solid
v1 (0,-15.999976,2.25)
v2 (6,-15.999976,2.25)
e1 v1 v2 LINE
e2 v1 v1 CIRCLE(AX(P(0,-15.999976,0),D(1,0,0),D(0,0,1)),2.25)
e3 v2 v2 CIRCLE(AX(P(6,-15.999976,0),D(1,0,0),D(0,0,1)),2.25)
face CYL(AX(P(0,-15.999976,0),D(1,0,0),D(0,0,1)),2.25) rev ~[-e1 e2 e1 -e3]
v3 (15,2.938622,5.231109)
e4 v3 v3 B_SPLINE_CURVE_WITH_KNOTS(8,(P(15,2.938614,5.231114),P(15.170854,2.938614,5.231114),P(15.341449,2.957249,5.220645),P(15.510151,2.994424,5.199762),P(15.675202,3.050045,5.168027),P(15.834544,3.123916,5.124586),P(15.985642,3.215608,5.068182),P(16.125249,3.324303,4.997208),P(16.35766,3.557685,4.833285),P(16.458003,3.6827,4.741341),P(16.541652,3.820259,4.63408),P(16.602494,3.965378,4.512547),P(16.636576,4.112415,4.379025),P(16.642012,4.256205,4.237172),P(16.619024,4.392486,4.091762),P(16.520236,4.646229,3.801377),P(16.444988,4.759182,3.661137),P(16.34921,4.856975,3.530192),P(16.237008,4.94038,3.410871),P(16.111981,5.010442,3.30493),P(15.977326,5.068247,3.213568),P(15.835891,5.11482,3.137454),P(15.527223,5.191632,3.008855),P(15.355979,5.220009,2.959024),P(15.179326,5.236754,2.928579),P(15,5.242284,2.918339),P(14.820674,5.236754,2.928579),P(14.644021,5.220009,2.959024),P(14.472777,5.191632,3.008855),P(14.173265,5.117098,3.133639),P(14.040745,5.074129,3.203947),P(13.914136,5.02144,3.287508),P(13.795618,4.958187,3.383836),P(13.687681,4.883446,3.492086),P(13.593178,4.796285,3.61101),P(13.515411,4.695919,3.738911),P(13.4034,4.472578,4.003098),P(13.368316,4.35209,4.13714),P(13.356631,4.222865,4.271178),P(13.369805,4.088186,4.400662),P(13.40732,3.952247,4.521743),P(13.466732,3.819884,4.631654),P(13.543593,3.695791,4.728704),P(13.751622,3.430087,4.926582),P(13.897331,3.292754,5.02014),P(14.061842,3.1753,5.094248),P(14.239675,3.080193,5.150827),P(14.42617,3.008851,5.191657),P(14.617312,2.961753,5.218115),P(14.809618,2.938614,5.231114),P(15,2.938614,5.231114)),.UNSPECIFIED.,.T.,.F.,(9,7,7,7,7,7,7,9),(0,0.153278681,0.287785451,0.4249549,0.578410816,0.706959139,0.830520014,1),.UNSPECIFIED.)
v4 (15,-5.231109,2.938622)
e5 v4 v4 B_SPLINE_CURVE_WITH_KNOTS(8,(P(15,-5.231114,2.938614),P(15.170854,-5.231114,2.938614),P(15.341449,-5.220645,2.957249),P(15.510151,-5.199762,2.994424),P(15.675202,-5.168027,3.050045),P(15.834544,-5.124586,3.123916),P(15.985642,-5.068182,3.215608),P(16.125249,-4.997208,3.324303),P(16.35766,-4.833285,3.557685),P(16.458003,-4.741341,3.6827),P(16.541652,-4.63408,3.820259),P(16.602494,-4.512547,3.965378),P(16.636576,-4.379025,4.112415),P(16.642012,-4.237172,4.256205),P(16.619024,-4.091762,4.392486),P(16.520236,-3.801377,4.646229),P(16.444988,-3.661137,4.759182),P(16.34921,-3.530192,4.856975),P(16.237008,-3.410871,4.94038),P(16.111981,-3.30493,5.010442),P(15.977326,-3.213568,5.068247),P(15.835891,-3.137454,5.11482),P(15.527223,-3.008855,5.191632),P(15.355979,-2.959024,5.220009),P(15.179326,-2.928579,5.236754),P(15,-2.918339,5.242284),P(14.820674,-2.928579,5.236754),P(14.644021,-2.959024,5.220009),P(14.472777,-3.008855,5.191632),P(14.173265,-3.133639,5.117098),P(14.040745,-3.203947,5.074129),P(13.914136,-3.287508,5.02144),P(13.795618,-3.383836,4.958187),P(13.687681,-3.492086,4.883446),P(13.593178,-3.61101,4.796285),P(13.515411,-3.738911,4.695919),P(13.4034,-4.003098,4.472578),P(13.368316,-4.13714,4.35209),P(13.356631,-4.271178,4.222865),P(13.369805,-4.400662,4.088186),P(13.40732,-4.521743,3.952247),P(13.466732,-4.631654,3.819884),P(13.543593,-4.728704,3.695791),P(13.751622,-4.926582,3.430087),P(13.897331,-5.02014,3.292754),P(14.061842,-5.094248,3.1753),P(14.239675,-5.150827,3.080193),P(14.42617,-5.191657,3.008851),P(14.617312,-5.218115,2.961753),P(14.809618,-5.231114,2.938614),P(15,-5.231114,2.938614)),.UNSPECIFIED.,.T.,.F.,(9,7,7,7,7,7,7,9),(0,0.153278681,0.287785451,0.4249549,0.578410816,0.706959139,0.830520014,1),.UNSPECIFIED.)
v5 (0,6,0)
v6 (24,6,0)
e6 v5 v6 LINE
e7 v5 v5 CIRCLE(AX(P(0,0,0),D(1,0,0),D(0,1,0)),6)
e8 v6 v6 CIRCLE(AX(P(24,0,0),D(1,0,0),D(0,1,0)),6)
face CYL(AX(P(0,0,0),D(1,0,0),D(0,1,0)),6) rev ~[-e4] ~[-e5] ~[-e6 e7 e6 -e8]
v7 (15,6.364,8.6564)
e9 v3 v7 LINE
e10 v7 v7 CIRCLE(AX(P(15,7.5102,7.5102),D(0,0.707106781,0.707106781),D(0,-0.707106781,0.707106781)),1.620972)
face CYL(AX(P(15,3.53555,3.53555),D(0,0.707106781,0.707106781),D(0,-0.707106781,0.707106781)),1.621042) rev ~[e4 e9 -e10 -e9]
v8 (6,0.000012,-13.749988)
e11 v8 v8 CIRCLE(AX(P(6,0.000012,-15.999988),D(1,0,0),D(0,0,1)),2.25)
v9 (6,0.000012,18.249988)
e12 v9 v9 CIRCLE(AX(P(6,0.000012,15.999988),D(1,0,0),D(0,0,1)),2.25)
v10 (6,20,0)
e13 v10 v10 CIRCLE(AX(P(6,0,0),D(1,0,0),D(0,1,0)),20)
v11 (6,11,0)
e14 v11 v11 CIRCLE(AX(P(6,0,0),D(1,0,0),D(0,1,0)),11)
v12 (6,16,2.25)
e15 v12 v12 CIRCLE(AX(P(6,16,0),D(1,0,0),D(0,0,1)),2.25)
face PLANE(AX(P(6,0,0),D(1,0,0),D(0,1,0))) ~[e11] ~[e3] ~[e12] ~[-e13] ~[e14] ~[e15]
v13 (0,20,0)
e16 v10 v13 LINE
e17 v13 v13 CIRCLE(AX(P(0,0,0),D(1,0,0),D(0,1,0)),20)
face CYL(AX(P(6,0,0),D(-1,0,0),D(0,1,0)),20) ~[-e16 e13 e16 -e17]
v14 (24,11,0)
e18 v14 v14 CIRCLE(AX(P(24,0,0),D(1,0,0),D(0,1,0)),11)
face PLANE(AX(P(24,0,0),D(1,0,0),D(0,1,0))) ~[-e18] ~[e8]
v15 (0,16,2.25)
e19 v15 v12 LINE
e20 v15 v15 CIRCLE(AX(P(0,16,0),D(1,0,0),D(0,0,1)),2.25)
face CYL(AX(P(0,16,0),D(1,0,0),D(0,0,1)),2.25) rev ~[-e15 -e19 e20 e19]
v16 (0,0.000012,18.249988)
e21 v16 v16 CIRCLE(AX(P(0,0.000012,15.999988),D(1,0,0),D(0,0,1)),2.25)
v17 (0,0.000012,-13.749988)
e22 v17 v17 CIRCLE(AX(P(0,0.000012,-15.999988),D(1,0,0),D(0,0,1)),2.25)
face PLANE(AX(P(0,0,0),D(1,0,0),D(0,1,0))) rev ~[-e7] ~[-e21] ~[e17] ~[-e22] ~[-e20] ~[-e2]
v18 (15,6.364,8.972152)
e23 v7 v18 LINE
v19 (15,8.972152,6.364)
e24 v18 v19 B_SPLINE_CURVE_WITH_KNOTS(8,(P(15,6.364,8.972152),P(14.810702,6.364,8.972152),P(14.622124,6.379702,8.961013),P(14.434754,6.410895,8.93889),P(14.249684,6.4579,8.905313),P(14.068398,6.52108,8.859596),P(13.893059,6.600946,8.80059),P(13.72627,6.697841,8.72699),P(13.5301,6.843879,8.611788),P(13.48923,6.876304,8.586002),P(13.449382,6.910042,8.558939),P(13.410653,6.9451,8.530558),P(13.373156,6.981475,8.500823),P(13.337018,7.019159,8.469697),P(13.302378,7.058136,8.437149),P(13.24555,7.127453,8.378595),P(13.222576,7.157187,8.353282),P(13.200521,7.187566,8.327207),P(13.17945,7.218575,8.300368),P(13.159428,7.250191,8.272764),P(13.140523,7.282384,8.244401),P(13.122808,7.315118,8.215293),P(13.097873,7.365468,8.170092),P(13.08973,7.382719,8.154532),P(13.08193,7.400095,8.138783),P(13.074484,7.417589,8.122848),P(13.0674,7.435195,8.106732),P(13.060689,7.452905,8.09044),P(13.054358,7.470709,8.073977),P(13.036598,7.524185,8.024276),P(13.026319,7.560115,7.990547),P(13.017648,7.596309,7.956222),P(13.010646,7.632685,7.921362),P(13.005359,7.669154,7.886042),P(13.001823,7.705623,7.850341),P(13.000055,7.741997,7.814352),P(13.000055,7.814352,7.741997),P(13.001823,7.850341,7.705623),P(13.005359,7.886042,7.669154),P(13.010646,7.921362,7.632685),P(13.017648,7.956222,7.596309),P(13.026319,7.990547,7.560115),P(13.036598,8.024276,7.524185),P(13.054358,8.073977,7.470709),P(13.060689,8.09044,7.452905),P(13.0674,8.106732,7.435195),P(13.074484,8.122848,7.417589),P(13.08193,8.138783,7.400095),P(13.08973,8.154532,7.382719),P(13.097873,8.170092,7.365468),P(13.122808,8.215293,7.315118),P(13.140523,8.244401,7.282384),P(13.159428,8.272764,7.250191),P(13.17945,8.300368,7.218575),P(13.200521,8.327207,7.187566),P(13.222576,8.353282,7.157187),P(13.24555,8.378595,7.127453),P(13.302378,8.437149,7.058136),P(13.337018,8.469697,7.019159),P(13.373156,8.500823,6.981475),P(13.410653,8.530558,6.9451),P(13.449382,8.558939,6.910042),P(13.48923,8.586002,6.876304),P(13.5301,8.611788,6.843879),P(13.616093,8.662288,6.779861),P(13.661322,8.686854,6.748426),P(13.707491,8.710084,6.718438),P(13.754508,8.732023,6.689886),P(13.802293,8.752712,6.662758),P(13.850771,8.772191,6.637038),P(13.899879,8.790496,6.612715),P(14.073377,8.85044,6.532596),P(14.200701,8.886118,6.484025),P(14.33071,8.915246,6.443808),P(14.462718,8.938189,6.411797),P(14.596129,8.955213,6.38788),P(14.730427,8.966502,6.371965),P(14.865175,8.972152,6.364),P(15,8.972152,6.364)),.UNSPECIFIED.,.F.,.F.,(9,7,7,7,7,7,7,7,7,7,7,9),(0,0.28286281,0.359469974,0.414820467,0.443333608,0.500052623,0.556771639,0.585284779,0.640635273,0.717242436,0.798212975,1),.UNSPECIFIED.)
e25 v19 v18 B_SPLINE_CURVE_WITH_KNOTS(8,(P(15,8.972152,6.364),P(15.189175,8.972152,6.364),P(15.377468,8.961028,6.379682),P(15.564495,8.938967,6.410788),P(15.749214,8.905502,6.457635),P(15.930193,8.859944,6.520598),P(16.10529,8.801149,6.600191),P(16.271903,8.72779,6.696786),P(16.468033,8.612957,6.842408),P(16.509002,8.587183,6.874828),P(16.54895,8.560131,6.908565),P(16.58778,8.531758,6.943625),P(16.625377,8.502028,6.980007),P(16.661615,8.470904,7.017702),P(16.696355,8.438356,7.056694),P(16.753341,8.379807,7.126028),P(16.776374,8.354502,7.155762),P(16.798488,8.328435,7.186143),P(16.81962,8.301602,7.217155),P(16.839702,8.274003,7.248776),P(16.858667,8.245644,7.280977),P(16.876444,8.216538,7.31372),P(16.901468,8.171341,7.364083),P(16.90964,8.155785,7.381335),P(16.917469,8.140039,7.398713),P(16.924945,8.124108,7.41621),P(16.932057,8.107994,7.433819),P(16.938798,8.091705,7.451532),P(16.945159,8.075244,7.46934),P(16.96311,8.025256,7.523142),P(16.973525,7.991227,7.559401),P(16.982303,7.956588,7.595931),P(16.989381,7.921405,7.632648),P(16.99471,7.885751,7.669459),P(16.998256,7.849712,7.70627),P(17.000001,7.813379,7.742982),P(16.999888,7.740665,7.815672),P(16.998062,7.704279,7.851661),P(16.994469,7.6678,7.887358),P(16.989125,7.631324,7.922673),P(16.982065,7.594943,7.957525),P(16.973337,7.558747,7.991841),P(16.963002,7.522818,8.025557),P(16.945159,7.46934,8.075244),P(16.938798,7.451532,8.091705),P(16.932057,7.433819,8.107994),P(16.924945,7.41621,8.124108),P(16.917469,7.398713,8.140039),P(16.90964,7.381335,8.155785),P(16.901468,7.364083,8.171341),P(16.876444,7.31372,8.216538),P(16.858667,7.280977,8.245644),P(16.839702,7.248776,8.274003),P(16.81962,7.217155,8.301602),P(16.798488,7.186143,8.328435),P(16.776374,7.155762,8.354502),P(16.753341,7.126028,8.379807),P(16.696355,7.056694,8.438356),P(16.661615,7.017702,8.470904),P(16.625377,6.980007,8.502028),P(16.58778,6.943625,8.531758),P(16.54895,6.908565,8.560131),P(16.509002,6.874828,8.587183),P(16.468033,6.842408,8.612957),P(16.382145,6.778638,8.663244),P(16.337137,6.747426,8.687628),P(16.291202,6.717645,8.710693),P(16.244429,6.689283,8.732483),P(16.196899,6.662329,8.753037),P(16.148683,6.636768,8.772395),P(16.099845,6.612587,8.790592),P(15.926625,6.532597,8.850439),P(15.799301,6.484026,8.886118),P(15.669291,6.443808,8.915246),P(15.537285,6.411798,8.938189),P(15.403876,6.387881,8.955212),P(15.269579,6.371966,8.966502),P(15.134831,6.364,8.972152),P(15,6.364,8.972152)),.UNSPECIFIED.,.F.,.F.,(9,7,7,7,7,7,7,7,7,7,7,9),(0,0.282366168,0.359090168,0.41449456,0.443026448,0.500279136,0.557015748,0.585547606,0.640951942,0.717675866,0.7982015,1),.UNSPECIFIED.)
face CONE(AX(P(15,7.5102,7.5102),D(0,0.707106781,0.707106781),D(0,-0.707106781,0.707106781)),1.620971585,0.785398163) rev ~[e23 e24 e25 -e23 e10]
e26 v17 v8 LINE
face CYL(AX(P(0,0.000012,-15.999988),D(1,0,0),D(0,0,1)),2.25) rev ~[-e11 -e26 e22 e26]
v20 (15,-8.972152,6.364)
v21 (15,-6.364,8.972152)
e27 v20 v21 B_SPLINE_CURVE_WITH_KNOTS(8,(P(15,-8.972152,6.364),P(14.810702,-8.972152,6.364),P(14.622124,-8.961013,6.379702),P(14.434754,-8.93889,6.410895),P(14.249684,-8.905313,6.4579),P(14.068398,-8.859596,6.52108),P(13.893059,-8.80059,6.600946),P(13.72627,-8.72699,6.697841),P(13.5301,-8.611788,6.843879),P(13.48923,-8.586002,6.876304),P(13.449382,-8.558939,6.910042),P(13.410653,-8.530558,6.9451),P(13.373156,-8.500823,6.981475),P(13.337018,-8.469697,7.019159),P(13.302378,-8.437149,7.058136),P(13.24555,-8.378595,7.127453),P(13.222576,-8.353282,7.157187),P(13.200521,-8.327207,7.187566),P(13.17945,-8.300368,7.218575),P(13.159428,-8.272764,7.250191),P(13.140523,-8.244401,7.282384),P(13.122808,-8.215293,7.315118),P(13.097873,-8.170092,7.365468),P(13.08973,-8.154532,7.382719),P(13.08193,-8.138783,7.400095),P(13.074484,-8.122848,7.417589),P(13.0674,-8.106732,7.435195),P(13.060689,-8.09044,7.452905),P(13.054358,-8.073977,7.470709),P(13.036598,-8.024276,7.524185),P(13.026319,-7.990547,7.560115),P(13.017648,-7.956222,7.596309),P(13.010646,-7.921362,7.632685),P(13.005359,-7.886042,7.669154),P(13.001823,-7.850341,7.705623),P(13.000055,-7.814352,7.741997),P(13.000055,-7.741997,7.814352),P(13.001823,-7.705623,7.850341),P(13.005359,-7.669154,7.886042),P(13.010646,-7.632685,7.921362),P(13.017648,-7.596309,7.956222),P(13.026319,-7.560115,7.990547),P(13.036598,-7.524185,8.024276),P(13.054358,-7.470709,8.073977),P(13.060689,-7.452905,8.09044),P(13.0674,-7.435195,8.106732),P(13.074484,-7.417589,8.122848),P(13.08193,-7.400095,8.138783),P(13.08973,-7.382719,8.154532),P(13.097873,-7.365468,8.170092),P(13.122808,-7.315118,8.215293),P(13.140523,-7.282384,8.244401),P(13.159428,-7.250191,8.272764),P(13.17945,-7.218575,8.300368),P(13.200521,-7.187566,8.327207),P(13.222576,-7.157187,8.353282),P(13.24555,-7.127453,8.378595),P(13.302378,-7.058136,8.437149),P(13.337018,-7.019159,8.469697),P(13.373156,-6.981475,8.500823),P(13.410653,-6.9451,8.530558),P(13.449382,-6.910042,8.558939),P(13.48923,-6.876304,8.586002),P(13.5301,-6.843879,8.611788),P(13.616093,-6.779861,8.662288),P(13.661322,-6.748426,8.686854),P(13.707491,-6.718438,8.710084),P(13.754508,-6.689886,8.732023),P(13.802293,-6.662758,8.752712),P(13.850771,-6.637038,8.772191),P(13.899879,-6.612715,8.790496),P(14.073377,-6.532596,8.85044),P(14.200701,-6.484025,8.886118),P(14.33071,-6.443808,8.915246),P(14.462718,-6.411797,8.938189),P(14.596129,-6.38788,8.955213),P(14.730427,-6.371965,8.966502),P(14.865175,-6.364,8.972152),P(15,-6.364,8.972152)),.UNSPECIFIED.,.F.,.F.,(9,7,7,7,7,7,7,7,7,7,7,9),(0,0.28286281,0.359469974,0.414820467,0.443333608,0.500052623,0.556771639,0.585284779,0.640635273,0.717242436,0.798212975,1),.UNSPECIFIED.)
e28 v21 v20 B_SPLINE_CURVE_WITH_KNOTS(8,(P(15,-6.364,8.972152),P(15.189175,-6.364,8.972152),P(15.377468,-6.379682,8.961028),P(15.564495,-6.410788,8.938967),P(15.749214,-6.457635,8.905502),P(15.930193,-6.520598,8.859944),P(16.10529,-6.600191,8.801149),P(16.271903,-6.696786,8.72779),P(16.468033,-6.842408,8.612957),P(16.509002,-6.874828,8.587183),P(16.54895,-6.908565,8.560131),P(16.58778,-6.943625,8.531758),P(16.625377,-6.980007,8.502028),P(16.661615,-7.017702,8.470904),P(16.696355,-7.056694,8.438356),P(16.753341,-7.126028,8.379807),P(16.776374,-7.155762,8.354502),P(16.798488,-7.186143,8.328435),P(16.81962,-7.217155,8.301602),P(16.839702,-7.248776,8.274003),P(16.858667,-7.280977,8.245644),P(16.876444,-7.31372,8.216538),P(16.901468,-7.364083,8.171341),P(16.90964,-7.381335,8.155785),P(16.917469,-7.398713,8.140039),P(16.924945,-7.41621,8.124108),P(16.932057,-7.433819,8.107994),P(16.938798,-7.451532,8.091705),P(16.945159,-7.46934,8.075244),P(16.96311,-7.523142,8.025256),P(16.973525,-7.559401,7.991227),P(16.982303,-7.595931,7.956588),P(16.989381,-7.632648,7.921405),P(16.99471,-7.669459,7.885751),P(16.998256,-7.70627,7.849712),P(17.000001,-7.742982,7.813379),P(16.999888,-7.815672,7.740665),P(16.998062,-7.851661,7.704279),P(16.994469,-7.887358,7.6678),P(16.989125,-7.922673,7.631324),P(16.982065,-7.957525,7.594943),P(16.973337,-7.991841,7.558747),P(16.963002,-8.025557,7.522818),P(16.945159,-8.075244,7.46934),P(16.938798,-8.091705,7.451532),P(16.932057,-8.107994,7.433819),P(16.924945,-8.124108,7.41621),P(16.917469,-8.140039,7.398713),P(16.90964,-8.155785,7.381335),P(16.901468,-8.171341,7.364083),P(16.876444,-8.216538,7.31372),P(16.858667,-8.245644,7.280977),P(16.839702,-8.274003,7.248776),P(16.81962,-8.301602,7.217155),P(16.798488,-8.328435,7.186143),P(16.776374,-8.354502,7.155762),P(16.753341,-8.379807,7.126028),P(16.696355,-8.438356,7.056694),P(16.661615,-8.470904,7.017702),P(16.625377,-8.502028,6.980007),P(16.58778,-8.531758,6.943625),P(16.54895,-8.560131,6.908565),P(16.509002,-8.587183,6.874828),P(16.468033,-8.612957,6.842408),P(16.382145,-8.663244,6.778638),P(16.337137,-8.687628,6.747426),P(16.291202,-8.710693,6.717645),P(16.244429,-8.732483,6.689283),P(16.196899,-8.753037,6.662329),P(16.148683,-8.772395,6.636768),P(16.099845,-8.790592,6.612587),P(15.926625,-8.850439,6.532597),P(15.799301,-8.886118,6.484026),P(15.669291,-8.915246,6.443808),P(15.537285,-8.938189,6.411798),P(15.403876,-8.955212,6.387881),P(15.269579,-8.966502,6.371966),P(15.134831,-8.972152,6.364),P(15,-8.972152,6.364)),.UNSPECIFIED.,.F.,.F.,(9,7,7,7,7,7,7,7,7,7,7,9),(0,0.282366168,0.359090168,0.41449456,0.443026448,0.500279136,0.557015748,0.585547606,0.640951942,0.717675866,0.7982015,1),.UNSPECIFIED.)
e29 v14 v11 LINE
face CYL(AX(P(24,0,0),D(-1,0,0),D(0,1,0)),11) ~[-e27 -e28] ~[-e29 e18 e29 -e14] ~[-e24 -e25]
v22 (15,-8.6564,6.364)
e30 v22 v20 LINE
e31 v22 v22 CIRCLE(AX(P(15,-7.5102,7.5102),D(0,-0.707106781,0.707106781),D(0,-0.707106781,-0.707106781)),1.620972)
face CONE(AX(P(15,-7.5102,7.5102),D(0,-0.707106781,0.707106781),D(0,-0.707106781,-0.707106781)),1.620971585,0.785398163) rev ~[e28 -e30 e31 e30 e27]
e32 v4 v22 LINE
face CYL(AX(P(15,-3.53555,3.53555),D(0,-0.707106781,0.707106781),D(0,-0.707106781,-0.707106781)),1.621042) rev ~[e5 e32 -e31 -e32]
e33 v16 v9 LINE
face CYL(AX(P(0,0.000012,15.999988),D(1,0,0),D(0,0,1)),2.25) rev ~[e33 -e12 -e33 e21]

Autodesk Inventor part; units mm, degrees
ref_plane "YZ Plane" through (0, 0, 0) normal (1, 0, 0) x (0, 1, 0)
ref_plane "XZ Plane" through (0, 0, 0) normal (0, 1, 0) x (-1, 0, 0)
ref_plane "XY Plane" through (0, 0, 0) normal (0, 0, 1) x (1, 0, 0)
sketch "Sketch_1" plane through (0, 0, 0) normal (0, 0, 1) x (1, 0, 0)
  line L0 (24, 0) -> (0, 0)
  line L1 (0, 20) -> (0, 6)
  line L2 (0, 6) -> (24, 6)
  line L3 (24, 6) -> (24, 11)
  line L4 (24, 11) -> (6, 11)
  line L5 (6, 11) -> (6, 20)
  line L6 (6, 20) -> (0, 20)
revolve "Revolution1" add sketch "Sketch_1" angle 360 about axis through (24, 0, 0) along (1, 0, 0)
sketch "Sketch2" plane through (0, 0, 0) normal (-1, 0, 0) x (0, 0, 1)
  point P0 (0, 16)
hole "Hole1" at (0, 16, 0) direction (1, 0, 0) diameter 4.5 depth 6
pattern_linear "Rectangular Pattern1" count 2 spacing 22.6274 along (0, -0.7071, 0.7071) count 2 spacing 22.6274 along (0, -0.7071, -0.7071) of "Hole1"
sketch "Sketch_4" plane through (15, 0, 0) normal (1, 0, 0) x (0, 0, -1)
  line L0 (-7.7782, -7.7782) -> (-3.5355, -3.5355)
  line L1 (-3.5355, -3.5355) -> (-2.3893, -4.6818)
  line L2 (-2.3893, -4.6818) -> (-6.364, -8.6564)
  line L3 (-6.364, -8.6564) -> (-6.364, -9.1924)
  line L4 (-6.364, -9.1924) -> (-7.7782, -7.7782)
  line L5 (-7.7782, -7.7782) -> (-3.5355, -3.5355)
revolve "Revolution2" cut sketch "Sketch_4" angle 360 about axis through (15, -7.7782, 7.7782) along (0, -0.7071, 0.7071)
thread "Thread1" size "M4x0.7" class "6H" standard "ISO Metric profile" full length
sketch "Sketch_5" plane through (15, 0, 0) normal (1, 0, 0) x (0, 0, -1)
  line L0 (-7.7782, 7.7782) -> (-3.5355, 3.5355)
  line L1 (-3.5355, 3.5355) -> (-4.6818, 2.3893)
  line L2 (-4.6818, 2.3893) -> (-8.6564, 6.364)
  line L3 (-8.6564, 6.364) -> (-9.1924, 6.364)
  line L4 (-9.1924, 6.364) -> (-7.7782, 7.7782)
  line L5 (-7.7782, 7.7782) -> (-3.5355, 3.5355)
revolve "Revolution3" cut sketch "Sketch_5" angle 360 about axis through (15, 7.7782, 7.7782) along (0, 0.7071, 0.7071)
thread "Thread2" size "M4x0.7" class "6H" standard "ISO Metric profile" full length
properties part number "STHRBN12_ss"
